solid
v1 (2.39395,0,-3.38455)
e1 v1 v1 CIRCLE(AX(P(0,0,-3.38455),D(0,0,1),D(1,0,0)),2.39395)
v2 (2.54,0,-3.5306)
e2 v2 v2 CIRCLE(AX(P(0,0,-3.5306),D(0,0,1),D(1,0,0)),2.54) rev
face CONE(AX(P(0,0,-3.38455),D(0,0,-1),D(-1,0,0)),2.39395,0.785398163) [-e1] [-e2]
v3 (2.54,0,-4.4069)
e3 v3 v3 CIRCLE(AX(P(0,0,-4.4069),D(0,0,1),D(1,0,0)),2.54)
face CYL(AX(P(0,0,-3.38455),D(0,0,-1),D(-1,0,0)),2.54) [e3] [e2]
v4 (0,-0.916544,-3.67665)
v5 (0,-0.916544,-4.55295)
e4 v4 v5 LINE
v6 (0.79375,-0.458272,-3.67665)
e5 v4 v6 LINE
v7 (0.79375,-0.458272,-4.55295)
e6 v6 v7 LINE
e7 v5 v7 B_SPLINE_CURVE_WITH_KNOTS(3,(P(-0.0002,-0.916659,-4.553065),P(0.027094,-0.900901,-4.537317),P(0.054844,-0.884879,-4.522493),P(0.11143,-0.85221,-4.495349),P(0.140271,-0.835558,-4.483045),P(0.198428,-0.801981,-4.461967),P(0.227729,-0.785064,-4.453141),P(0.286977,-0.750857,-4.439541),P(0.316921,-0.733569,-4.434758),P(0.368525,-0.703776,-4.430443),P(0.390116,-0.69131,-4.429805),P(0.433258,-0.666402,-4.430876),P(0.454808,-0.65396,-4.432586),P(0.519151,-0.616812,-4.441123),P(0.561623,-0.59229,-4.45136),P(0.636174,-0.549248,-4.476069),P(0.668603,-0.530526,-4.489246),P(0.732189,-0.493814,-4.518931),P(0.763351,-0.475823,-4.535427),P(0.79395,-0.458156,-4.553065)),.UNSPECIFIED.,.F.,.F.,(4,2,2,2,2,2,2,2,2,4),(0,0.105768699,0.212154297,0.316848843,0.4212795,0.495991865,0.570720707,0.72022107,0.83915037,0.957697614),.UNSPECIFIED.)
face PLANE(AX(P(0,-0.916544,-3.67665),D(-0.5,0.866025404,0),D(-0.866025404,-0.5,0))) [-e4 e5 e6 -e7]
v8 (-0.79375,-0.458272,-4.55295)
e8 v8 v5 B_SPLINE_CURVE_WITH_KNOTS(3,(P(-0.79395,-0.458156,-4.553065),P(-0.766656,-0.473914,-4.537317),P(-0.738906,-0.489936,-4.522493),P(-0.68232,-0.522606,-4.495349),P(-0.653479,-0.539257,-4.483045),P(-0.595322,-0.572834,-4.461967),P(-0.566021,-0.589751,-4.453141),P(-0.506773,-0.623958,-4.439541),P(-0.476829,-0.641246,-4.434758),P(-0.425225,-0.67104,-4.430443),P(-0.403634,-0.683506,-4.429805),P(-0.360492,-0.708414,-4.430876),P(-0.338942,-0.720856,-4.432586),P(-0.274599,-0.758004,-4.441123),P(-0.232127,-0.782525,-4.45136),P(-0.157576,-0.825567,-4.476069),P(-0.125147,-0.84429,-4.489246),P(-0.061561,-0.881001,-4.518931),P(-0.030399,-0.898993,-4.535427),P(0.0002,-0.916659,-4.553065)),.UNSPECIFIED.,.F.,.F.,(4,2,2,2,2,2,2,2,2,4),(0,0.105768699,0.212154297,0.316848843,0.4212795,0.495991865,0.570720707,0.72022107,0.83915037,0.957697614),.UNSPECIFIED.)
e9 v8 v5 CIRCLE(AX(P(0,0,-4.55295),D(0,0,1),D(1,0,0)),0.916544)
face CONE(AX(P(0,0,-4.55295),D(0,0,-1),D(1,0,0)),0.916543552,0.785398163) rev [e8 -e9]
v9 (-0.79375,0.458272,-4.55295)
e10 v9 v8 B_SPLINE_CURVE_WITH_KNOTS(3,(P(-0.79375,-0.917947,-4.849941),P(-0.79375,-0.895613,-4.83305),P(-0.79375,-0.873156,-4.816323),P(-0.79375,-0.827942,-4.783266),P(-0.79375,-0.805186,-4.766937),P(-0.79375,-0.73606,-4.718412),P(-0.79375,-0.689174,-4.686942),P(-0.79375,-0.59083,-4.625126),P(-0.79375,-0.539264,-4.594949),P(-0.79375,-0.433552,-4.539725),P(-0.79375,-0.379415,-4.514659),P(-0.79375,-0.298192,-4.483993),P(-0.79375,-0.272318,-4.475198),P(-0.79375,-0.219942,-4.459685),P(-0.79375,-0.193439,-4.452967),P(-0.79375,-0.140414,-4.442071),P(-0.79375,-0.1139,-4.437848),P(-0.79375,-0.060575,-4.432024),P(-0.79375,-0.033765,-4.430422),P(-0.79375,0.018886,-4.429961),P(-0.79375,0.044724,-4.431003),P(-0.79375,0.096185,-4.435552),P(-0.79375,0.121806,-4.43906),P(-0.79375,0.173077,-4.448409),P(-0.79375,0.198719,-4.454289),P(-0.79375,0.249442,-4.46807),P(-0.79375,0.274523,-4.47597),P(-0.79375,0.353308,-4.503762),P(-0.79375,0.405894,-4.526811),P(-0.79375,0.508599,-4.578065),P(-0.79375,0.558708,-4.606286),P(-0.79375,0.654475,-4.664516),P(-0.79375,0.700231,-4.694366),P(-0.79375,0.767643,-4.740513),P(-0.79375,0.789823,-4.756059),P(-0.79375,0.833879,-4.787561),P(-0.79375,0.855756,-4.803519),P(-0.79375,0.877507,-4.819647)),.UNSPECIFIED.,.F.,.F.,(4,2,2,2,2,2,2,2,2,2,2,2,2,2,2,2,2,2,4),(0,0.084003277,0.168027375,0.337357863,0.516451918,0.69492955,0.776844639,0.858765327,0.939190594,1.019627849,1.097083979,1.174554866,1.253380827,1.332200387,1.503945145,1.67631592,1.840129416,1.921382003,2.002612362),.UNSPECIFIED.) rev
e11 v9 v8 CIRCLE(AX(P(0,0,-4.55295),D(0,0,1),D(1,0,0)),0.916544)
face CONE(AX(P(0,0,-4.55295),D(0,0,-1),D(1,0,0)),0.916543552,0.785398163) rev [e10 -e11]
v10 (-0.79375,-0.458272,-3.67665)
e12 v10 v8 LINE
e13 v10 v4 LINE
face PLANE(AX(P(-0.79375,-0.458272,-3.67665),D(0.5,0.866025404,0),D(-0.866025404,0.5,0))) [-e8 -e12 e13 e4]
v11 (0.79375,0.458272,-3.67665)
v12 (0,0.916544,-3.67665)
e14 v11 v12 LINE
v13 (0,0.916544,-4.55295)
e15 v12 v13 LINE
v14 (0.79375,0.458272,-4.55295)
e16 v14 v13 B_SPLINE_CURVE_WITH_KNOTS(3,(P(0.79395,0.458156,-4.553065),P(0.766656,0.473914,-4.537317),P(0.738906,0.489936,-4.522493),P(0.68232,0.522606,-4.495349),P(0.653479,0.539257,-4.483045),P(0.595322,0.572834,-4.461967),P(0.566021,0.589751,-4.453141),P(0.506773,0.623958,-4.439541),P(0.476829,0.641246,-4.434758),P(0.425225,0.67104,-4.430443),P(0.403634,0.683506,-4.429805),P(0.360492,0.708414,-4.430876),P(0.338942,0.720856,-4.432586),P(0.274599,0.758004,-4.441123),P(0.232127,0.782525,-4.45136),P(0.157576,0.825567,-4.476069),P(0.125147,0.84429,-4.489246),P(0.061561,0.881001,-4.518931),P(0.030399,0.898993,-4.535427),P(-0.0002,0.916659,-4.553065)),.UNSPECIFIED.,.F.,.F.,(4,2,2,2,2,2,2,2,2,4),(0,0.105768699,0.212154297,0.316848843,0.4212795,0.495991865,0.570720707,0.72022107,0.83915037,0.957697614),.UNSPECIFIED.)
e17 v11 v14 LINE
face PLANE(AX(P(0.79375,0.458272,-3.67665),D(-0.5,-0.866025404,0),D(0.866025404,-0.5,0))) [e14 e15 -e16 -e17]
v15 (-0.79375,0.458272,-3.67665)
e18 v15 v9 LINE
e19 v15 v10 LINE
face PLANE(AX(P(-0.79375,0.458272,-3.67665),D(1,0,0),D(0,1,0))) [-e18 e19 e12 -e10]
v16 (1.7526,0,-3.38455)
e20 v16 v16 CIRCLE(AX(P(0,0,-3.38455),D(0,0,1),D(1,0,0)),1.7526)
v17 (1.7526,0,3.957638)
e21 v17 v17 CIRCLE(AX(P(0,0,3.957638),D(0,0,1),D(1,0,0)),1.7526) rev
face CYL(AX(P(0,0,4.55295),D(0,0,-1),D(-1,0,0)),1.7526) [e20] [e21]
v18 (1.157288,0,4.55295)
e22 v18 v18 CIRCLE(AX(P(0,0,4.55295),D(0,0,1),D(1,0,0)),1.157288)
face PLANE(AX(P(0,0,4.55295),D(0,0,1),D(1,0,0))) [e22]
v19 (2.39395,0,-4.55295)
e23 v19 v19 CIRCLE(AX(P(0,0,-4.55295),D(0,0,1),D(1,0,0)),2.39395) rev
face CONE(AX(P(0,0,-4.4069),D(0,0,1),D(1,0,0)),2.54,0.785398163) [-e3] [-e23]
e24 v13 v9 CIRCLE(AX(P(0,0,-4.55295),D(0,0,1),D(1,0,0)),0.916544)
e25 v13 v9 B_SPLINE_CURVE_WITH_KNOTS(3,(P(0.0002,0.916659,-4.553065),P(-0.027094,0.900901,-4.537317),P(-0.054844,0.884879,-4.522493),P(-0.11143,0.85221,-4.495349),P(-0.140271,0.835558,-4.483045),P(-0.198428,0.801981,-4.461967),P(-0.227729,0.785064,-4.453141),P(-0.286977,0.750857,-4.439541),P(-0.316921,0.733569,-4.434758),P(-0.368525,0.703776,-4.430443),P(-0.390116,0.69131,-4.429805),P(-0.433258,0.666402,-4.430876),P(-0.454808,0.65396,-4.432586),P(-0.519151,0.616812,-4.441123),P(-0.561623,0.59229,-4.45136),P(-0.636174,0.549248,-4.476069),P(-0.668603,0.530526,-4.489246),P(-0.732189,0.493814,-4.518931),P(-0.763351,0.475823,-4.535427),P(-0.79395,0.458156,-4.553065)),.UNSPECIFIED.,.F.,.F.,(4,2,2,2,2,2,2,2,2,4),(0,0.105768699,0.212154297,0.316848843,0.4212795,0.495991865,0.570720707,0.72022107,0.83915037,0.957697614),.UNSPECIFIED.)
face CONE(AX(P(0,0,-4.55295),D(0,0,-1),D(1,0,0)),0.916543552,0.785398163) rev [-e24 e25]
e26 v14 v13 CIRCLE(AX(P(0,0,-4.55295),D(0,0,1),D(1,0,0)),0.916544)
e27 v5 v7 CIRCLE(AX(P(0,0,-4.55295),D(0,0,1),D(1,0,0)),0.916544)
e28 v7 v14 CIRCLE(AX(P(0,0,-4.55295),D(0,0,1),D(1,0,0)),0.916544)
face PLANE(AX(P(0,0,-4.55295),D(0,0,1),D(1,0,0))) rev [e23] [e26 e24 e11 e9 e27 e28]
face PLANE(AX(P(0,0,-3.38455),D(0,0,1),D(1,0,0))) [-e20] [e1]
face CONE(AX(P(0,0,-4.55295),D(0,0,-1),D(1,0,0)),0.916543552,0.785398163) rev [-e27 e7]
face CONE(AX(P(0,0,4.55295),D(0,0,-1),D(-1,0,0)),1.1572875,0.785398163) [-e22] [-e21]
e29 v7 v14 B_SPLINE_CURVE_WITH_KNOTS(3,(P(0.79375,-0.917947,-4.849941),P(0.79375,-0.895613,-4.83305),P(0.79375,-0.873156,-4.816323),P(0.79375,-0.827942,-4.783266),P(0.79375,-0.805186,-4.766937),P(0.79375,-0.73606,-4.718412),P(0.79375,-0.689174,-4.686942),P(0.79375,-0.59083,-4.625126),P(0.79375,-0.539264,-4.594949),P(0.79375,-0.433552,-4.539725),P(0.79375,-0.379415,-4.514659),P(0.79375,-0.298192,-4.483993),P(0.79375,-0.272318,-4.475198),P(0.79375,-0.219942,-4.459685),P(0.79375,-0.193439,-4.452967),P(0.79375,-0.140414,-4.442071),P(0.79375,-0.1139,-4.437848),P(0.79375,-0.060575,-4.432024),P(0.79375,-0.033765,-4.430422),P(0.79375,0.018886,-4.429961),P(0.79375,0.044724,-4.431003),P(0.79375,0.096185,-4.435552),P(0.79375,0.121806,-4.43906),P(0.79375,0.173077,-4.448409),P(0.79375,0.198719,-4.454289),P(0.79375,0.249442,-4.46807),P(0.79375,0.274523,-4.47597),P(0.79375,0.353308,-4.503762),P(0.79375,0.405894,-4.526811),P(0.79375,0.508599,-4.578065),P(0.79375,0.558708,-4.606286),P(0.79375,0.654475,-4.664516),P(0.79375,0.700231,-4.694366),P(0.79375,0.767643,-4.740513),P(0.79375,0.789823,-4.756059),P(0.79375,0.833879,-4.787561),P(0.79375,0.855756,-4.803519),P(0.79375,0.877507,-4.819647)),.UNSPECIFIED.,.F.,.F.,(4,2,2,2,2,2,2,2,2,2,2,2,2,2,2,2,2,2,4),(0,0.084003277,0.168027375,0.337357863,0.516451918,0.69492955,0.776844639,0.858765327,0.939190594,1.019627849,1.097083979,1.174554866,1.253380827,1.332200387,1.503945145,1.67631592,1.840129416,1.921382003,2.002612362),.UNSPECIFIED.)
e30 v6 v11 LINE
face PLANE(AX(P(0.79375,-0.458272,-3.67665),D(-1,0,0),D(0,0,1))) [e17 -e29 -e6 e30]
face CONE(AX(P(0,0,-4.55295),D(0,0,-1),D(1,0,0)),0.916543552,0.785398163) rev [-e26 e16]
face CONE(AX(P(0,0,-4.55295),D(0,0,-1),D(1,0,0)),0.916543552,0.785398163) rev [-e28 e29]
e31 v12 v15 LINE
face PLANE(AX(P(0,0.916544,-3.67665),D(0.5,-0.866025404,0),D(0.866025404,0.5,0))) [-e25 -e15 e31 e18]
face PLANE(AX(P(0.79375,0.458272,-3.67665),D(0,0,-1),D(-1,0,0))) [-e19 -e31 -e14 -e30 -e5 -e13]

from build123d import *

# Parameters (mm, degrees)
EXTRUDE1_START     = -3.38455
SKETCH1_R          = 1.7526
EXTRUDE1_DEPTH     = 7.9375
EXTRUDE2_START     = -4.55295
SKETCH6_R          = 2.54
EXTRUDE2_DEPTH     = 1.1684
CUT_EXTRUDE1_DEPTH = 0.8763
SKETCH8_R          = 0.916543552
CUT_EXTRUDE2_DEPTH = 0.8763
CUT_EXTRUDE2_TAPER = 45
CHAMFER1_SIZE      = 0.14605
CHAMFER2_SIZE      = 0.5953125


with BuildPart() as part:
    # Sketch1 → Extrude1 (new body)
    with BuildSketch(Plane.XY.offset(EXTRUDE1_START)):
        Circle(SKETCH1_R)
    extrude(amount=EXTRUDE1_DEPTH)

    # Sketch6 → Extrude2 (add)
    with BuildSketch(Plane.XY.offset(EXTRUDE2_START)):
        Circle(SKETCH6_R)
    extrude(amount=EXTRUDE2_DEPTH)

    # Sketch7 → Cut-Extrude1 (cut)
    with BuildSketch(Plane.XY.offset(-4.55295)):
        Polygon((0, 0.916543552), (-0.79375, 0.458271776), (-0.79375, -0.458271776), (0, -0.916543552), (0.79375, -0.458271776), (0.79375, 0.458271776), align=None)
    extrude(amount=CUT_EXTRUDE1_DEPTH, mode=Mode.SUBTRACT)

    # Sketch8 → Cut-Extrude2 (cut)
    with BuildSketch(Plane.XY.offset(-4.55295)):
        Circle(SKETCH8_R)
    extrude(amount=CUT_EXTRUDE2_DEPTH, taper=CUT_EXTRUDE2_TAPER, mode=Mode.SUBTRACT)

    # Chamfer1
    chamfer1_edges = [part.edges().sort_by_distance(p)[0] for p in [
        (-2.54, 0, -3.38455),
        (-2.54, 0, -4.55295),
    ]]
    chamfer(chamfer1_edges, length=CHAMFER1_SIZE)

    # Chamfer2
    chamfer2_edges = [part.edges().sort_by_distance(p)[0] for p in [
        (-1.7526, 0, 4.55295),
    ]]
    chamfer(chamfer2_edges, length=CHAMFER2_SIZE)


solid = part.part
